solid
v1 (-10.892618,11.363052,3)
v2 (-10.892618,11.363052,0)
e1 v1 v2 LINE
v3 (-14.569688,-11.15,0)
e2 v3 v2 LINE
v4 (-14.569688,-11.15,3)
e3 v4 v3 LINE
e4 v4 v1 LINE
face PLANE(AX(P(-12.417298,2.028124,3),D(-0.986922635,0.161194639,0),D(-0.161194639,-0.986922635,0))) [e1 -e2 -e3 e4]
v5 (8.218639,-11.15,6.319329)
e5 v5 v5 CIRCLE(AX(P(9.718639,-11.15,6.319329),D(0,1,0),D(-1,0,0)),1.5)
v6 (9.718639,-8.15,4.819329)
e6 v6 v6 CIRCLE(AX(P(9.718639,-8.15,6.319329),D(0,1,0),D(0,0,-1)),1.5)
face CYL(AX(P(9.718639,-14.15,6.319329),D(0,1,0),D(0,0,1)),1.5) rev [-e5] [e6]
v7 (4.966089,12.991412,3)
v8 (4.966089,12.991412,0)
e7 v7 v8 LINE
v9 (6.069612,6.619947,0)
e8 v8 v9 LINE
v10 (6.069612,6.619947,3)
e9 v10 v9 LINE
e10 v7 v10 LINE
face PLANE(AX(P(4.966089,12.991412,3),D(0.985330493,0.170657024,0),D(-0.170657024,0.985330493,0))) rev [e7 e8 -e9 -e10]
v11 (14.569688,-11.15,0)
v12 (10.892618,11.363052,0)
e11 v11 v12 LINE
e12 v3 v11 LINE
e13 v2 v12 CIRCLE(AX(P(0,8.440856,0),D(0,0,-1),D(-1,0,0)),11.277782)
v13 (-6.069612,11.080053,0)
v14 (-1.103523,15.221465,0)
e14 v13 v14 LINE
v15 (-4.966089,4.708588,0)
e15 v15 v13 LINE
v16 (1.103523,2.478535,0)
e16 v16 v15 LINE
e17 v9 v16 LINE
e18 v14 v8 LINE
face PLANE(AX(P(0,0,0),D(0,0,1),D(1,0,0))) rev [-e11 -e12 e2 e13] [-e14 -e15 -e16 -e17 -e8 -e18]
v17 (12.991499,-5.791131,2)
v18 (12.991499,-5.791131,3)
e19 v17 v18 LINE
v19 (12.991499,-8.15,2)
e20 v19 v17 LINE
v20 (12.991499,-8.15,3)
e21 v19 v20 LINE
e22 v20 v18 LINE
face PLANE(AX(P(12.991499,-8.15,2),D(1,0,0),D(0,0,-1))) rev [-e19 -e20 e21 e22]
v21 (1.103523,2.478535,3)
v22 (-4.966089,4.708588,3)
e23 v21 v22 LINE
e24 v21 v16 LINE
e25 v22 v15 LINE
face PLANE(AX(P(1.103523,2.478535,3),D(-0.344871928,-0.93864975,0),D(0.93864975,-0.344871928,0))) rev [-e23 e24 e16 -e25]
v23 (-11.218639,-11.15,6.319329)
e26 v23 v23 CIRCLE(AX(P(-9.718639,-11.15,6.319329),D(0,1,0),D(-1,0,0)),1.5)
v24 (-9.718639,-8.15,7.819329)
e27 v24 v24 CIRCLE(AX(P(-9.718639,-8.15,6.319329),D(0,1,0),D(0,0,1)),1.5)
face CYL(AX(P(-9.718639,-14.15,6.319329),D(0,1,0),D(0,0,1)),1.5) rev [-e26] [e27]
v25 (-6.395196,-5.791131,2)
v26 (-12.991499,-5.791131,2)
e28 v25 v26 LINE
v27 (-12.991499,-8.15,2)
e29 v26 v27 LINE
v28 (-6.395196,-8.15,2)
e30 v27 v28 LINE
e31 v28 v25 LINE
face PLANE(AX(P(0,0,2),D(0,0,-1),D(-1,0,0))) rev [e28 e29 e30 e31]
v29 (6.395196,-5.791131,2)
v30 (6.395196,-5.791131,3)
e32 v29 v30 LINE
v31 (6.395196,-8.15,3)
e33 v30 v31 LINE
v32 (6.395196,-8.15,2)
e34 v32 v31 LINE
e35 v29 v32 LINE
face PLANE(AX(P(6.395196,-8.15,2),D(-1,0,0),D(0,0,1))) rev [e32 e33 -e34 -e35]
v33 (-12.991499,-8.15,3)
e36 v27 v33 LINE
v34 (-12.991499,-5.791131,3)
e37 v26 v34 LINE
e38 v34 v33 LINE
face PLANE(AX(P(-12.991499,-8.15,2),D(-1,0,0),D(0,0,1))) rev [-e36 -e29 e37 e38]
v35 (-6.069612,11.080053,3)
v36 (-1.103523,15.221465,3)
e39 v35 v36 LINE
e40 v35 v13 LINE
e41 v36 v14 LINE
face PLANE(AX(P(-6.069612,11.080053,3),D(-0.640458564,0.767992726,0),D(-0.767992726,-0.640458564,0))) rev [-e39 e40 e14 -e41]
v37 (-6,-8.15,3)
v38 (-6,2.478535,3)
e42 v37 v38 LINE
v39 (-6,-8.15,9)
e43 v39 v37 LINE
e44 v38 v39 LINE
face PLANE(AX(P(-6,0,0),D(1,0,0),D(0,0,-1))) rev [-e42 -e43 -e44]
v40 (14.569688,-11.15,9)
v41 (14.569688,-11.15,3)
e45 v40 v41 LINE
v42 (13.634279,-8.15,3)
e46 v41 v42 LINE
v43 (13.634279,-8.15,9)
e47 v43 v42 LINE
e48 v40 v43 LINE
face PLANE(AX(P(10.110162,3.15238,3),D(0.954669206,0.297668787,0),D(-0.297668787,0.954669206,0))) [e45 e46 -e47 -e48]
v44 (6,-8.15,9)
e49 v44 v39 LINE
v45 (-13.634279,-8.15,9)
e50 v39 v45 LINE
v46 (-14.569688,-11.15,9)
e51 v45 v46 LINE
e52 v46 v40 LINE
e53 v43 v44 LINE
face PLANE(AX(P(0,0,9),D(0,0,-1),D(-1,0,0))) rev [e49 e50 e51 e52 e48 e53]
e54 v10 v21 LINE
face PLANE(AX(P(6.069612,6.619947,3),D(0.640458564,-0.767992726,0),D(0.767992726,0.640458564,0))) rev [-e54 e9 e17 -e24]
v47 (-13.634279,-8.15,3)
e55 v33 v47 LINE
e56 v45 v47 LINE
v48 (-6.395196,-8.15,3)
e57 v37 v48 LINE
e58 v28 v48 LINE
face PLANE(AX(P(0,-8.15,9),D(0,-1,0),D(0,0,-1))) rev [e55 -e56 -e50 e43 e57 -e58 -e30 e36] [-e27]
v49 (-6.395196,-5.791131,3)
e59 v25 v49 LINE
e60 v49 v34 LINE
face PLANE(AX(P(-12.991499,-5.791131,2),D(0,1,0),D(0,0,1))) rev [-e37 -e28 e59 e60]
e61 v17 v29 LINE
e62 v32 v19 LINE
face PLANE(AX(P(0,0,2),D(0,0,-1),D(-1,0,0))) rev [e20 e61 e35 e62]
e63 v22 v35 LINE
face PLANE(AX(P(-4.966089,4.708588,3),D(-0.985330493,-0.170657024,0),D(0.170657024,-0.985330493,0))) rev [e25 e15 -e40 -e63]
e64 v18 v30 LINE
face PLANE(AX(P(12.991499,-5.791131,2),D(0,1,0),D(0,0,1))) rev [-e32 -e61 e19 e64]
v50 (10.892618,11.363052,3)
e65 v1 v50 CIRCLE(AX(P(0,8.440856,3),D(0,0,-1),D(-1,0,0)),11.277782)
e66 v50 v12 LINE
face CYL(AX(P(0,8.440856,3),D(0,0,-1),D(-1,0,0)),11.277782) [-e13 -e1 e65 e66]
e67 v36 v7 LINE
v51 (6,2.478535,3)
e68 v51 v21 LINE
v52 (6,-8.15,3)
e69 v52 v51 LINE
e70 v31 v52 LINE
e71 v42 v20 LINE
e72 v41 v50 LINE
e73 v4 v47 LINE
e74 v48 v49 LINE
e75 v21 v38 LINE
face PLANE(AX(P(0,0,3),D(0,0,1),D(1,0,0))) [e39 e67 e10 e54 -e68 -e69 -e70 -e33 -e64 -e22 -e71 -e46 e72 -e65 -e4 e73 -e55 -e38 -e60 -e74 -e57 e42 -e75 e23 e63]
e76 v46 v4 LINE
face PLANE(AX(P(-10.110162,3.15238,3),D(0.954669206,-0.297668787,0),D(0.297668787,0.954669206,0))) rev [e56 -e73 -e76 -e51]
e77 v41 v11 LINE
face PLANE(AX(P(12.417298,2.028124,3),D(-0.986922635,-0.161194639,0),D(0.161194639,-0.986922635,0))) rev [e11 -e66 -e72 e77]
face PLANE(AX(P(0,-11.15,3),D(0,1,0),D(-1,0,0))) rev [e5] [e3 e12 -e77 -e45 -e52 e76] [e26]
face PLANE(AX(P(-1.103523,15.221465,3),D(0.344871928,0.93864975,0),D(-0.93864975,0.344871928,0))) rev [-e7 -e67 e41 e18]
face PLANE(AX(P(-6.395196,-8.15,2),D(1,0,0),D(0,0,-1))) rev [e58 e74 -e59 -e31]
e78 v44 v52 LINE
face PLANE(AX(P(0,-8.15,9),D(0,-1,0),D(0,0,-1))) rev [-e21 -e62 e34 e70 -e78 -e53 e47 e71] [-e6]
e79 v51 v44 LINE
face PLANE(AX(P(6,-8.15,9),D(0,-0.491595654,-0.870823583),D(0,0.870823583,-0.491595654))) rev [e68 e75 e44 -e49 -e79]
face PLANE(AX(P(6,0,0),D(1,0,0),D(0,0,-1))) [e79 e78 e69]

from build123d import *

# Parameters (mm, degrees)
SKETCH_1_R          = 6.5
EXTRUDE_1_DEPTH     = 3
EXTRUDE_2_DEPTH     = 6
SKETCH_5_R          = 1.5
CUT_EXTRUDE_1_DEPTH = 6
EXTRUDE_3_DEPTH     = 3
SKETCH_7_R          = 7.581975651
EXTRUDE_4_DEPTH     = 3
CUT_EXTRUDE_2_DEPTH = 3
EXTRUDE_5_DEPTH     = 6
SKETCH_10_W         = 6.596302857
SKETCH_10_H         = 2.358868677
CUT_EXTRUDE_3_DEPTH = 1


with BuildPart() as part:
    # 草图1 → 凸台-拉伸1 (new body)
    with BuildSketch(Plane.XY):
        with BuildLine():
            Line((0, -11.15), (-14.569688113, -11.15))
            Line((-14.569688113, -11.15), (-10.110162273, 3.152379613))
            ThreePointArc((-10.110162273, 3.152379613), (0, 10.590225607), (10.110162273, 3.152379613))
            Line((10.110162273, 3.152379613), (14.569688113, -11.15))
            Line((14.569688113, -11.15), (0, -11.15))
        make_face()
        Circle(SKETCH_1_R, mode=Mode.SUBTRACT)
    extrude(amount=EXTRUDE_1_DEPTH)

    # 草图4 → 凸台-拉伸2 (add)
    with BuildSketch(Plane.XY.offset(3)):
        Polygon((0, -8.15), (13.63427891, -8.15), (14.569688113, -11.15), (-14.569688113, -11.15), (-13.63427891, -8.15), align=None)
    extrude(amount=EXTRUDE_2_DEPTH)

    # 草图5 → 切除-拉伸1 (cut)
    with BuildSketch(Plane(origin=(0, -8.15, 0), x_dir=(1, 0, 0), z_dir=(0, 1, 0))):
        with Locations(Location((-9.718639025, -6.319329225, 0), (0, 0, 270))):
            Circle(SKETCH_5_R)
        with Locations(Location((9.718639025, -6.319329225, 0), (0, 0, 180))):
            Circle(SKETCH_5_R)
    extrude(amount=-CUT_EXTRUDE_1_DEPTH, mode=Mode.SUBTRACT)

    # 草图6 → 凸台-拉伸3 (add)
    with BuildSketch(Plane(origin=(0, 0, 0), x_dir=(-1, 0, 0), z_dir=(0, 0, -1))):
        with BuildLine():
            Line((10.110162273, 3.152379613), (14.569688113, -11.15))
            Line((14.569688113, -11.15), (11.256321717, 9.136259589))
            Line((11.256321717, 9.136259589), (10.892618435, 11.363052016))
            ThreePointArc((10.892618435, 11.363052016), (0, 19.718638154), (-10.892618435, 11.363052016))
            Line((-10.892618435, 11.363052016), (-11.256321717, 9.136259589))
            Line((-11.256321717, 9.136259589), (-14.569688113, -11.15))
            Line((-14.569688113, -11.15), (-10.110162273, 3.152379613))
            ThreePointArc((-10.110162273, 3.152379613), (0, 10.590225607), (10.110162273, 3.152379613))
        make_face()
    extrude(amount=-EXTRUDE_3_DEPTH)

    # 草图7 → 凸台-拉伸4 (add)
    with BuildSketch(Plane(origin=(0, 0, 0), x_dir=(-1, 0, 0), z_dir=(0, 0, -1))):
        Circle(SKETCH_7_R)
    extrude(amount=-EXTRUDE_4_DEPTH)

    # 草图8 → 切除-拉伸2 (cut)
    with BuildSketch(Plane(origin=(0, 0, 0), x_dir=(-1, 0, 0), z_dir=(0, 0, -1))):
        Polygon((1.103523442, 15.221465243), (-4.966089039, 12.991411956), (-6.069612481, 6.619946712), (-1.103523442, 2.478534757), (4.966089039, 4.708588044), (6.069612481, 11.080053288), align=None)
    extrude(amount=-CUT_EXTRUDE_2_DEPTH, mode=Mode.SUBTRACT)

    # 草图9 → 凸台-拉伸5 (add, symmetric)
    with BuildSketch(Plane(origin=(0, 0, 0), x_dir=(0, 0, -1), z_dir=(1, 0, 0))):
        Polygon((-9, -8.15), (-3, 2.478534757), (-3, -8.15), align=None)
    extrude(amount=EXTRUDE_5_DEPTH, both=True)

    # 草图10 → 切除-拉伸3 (cut)
    with BuildSketch(Plane.XY.offset(3)):
        with Locations((-9.693347491, -6.970565662)):
            Rectangle(SKETCH_10_W, SKETCH_10_H)
        with Locations((9.693347491, -6.970565662)):
            Rectangle(SKETCH_10_W, SKETCH_10_H)
    extrude(amount=-CUT_EXTRUDE_3_DEPTH, mode=Mode.SUBTRACT)


solid = part.part
